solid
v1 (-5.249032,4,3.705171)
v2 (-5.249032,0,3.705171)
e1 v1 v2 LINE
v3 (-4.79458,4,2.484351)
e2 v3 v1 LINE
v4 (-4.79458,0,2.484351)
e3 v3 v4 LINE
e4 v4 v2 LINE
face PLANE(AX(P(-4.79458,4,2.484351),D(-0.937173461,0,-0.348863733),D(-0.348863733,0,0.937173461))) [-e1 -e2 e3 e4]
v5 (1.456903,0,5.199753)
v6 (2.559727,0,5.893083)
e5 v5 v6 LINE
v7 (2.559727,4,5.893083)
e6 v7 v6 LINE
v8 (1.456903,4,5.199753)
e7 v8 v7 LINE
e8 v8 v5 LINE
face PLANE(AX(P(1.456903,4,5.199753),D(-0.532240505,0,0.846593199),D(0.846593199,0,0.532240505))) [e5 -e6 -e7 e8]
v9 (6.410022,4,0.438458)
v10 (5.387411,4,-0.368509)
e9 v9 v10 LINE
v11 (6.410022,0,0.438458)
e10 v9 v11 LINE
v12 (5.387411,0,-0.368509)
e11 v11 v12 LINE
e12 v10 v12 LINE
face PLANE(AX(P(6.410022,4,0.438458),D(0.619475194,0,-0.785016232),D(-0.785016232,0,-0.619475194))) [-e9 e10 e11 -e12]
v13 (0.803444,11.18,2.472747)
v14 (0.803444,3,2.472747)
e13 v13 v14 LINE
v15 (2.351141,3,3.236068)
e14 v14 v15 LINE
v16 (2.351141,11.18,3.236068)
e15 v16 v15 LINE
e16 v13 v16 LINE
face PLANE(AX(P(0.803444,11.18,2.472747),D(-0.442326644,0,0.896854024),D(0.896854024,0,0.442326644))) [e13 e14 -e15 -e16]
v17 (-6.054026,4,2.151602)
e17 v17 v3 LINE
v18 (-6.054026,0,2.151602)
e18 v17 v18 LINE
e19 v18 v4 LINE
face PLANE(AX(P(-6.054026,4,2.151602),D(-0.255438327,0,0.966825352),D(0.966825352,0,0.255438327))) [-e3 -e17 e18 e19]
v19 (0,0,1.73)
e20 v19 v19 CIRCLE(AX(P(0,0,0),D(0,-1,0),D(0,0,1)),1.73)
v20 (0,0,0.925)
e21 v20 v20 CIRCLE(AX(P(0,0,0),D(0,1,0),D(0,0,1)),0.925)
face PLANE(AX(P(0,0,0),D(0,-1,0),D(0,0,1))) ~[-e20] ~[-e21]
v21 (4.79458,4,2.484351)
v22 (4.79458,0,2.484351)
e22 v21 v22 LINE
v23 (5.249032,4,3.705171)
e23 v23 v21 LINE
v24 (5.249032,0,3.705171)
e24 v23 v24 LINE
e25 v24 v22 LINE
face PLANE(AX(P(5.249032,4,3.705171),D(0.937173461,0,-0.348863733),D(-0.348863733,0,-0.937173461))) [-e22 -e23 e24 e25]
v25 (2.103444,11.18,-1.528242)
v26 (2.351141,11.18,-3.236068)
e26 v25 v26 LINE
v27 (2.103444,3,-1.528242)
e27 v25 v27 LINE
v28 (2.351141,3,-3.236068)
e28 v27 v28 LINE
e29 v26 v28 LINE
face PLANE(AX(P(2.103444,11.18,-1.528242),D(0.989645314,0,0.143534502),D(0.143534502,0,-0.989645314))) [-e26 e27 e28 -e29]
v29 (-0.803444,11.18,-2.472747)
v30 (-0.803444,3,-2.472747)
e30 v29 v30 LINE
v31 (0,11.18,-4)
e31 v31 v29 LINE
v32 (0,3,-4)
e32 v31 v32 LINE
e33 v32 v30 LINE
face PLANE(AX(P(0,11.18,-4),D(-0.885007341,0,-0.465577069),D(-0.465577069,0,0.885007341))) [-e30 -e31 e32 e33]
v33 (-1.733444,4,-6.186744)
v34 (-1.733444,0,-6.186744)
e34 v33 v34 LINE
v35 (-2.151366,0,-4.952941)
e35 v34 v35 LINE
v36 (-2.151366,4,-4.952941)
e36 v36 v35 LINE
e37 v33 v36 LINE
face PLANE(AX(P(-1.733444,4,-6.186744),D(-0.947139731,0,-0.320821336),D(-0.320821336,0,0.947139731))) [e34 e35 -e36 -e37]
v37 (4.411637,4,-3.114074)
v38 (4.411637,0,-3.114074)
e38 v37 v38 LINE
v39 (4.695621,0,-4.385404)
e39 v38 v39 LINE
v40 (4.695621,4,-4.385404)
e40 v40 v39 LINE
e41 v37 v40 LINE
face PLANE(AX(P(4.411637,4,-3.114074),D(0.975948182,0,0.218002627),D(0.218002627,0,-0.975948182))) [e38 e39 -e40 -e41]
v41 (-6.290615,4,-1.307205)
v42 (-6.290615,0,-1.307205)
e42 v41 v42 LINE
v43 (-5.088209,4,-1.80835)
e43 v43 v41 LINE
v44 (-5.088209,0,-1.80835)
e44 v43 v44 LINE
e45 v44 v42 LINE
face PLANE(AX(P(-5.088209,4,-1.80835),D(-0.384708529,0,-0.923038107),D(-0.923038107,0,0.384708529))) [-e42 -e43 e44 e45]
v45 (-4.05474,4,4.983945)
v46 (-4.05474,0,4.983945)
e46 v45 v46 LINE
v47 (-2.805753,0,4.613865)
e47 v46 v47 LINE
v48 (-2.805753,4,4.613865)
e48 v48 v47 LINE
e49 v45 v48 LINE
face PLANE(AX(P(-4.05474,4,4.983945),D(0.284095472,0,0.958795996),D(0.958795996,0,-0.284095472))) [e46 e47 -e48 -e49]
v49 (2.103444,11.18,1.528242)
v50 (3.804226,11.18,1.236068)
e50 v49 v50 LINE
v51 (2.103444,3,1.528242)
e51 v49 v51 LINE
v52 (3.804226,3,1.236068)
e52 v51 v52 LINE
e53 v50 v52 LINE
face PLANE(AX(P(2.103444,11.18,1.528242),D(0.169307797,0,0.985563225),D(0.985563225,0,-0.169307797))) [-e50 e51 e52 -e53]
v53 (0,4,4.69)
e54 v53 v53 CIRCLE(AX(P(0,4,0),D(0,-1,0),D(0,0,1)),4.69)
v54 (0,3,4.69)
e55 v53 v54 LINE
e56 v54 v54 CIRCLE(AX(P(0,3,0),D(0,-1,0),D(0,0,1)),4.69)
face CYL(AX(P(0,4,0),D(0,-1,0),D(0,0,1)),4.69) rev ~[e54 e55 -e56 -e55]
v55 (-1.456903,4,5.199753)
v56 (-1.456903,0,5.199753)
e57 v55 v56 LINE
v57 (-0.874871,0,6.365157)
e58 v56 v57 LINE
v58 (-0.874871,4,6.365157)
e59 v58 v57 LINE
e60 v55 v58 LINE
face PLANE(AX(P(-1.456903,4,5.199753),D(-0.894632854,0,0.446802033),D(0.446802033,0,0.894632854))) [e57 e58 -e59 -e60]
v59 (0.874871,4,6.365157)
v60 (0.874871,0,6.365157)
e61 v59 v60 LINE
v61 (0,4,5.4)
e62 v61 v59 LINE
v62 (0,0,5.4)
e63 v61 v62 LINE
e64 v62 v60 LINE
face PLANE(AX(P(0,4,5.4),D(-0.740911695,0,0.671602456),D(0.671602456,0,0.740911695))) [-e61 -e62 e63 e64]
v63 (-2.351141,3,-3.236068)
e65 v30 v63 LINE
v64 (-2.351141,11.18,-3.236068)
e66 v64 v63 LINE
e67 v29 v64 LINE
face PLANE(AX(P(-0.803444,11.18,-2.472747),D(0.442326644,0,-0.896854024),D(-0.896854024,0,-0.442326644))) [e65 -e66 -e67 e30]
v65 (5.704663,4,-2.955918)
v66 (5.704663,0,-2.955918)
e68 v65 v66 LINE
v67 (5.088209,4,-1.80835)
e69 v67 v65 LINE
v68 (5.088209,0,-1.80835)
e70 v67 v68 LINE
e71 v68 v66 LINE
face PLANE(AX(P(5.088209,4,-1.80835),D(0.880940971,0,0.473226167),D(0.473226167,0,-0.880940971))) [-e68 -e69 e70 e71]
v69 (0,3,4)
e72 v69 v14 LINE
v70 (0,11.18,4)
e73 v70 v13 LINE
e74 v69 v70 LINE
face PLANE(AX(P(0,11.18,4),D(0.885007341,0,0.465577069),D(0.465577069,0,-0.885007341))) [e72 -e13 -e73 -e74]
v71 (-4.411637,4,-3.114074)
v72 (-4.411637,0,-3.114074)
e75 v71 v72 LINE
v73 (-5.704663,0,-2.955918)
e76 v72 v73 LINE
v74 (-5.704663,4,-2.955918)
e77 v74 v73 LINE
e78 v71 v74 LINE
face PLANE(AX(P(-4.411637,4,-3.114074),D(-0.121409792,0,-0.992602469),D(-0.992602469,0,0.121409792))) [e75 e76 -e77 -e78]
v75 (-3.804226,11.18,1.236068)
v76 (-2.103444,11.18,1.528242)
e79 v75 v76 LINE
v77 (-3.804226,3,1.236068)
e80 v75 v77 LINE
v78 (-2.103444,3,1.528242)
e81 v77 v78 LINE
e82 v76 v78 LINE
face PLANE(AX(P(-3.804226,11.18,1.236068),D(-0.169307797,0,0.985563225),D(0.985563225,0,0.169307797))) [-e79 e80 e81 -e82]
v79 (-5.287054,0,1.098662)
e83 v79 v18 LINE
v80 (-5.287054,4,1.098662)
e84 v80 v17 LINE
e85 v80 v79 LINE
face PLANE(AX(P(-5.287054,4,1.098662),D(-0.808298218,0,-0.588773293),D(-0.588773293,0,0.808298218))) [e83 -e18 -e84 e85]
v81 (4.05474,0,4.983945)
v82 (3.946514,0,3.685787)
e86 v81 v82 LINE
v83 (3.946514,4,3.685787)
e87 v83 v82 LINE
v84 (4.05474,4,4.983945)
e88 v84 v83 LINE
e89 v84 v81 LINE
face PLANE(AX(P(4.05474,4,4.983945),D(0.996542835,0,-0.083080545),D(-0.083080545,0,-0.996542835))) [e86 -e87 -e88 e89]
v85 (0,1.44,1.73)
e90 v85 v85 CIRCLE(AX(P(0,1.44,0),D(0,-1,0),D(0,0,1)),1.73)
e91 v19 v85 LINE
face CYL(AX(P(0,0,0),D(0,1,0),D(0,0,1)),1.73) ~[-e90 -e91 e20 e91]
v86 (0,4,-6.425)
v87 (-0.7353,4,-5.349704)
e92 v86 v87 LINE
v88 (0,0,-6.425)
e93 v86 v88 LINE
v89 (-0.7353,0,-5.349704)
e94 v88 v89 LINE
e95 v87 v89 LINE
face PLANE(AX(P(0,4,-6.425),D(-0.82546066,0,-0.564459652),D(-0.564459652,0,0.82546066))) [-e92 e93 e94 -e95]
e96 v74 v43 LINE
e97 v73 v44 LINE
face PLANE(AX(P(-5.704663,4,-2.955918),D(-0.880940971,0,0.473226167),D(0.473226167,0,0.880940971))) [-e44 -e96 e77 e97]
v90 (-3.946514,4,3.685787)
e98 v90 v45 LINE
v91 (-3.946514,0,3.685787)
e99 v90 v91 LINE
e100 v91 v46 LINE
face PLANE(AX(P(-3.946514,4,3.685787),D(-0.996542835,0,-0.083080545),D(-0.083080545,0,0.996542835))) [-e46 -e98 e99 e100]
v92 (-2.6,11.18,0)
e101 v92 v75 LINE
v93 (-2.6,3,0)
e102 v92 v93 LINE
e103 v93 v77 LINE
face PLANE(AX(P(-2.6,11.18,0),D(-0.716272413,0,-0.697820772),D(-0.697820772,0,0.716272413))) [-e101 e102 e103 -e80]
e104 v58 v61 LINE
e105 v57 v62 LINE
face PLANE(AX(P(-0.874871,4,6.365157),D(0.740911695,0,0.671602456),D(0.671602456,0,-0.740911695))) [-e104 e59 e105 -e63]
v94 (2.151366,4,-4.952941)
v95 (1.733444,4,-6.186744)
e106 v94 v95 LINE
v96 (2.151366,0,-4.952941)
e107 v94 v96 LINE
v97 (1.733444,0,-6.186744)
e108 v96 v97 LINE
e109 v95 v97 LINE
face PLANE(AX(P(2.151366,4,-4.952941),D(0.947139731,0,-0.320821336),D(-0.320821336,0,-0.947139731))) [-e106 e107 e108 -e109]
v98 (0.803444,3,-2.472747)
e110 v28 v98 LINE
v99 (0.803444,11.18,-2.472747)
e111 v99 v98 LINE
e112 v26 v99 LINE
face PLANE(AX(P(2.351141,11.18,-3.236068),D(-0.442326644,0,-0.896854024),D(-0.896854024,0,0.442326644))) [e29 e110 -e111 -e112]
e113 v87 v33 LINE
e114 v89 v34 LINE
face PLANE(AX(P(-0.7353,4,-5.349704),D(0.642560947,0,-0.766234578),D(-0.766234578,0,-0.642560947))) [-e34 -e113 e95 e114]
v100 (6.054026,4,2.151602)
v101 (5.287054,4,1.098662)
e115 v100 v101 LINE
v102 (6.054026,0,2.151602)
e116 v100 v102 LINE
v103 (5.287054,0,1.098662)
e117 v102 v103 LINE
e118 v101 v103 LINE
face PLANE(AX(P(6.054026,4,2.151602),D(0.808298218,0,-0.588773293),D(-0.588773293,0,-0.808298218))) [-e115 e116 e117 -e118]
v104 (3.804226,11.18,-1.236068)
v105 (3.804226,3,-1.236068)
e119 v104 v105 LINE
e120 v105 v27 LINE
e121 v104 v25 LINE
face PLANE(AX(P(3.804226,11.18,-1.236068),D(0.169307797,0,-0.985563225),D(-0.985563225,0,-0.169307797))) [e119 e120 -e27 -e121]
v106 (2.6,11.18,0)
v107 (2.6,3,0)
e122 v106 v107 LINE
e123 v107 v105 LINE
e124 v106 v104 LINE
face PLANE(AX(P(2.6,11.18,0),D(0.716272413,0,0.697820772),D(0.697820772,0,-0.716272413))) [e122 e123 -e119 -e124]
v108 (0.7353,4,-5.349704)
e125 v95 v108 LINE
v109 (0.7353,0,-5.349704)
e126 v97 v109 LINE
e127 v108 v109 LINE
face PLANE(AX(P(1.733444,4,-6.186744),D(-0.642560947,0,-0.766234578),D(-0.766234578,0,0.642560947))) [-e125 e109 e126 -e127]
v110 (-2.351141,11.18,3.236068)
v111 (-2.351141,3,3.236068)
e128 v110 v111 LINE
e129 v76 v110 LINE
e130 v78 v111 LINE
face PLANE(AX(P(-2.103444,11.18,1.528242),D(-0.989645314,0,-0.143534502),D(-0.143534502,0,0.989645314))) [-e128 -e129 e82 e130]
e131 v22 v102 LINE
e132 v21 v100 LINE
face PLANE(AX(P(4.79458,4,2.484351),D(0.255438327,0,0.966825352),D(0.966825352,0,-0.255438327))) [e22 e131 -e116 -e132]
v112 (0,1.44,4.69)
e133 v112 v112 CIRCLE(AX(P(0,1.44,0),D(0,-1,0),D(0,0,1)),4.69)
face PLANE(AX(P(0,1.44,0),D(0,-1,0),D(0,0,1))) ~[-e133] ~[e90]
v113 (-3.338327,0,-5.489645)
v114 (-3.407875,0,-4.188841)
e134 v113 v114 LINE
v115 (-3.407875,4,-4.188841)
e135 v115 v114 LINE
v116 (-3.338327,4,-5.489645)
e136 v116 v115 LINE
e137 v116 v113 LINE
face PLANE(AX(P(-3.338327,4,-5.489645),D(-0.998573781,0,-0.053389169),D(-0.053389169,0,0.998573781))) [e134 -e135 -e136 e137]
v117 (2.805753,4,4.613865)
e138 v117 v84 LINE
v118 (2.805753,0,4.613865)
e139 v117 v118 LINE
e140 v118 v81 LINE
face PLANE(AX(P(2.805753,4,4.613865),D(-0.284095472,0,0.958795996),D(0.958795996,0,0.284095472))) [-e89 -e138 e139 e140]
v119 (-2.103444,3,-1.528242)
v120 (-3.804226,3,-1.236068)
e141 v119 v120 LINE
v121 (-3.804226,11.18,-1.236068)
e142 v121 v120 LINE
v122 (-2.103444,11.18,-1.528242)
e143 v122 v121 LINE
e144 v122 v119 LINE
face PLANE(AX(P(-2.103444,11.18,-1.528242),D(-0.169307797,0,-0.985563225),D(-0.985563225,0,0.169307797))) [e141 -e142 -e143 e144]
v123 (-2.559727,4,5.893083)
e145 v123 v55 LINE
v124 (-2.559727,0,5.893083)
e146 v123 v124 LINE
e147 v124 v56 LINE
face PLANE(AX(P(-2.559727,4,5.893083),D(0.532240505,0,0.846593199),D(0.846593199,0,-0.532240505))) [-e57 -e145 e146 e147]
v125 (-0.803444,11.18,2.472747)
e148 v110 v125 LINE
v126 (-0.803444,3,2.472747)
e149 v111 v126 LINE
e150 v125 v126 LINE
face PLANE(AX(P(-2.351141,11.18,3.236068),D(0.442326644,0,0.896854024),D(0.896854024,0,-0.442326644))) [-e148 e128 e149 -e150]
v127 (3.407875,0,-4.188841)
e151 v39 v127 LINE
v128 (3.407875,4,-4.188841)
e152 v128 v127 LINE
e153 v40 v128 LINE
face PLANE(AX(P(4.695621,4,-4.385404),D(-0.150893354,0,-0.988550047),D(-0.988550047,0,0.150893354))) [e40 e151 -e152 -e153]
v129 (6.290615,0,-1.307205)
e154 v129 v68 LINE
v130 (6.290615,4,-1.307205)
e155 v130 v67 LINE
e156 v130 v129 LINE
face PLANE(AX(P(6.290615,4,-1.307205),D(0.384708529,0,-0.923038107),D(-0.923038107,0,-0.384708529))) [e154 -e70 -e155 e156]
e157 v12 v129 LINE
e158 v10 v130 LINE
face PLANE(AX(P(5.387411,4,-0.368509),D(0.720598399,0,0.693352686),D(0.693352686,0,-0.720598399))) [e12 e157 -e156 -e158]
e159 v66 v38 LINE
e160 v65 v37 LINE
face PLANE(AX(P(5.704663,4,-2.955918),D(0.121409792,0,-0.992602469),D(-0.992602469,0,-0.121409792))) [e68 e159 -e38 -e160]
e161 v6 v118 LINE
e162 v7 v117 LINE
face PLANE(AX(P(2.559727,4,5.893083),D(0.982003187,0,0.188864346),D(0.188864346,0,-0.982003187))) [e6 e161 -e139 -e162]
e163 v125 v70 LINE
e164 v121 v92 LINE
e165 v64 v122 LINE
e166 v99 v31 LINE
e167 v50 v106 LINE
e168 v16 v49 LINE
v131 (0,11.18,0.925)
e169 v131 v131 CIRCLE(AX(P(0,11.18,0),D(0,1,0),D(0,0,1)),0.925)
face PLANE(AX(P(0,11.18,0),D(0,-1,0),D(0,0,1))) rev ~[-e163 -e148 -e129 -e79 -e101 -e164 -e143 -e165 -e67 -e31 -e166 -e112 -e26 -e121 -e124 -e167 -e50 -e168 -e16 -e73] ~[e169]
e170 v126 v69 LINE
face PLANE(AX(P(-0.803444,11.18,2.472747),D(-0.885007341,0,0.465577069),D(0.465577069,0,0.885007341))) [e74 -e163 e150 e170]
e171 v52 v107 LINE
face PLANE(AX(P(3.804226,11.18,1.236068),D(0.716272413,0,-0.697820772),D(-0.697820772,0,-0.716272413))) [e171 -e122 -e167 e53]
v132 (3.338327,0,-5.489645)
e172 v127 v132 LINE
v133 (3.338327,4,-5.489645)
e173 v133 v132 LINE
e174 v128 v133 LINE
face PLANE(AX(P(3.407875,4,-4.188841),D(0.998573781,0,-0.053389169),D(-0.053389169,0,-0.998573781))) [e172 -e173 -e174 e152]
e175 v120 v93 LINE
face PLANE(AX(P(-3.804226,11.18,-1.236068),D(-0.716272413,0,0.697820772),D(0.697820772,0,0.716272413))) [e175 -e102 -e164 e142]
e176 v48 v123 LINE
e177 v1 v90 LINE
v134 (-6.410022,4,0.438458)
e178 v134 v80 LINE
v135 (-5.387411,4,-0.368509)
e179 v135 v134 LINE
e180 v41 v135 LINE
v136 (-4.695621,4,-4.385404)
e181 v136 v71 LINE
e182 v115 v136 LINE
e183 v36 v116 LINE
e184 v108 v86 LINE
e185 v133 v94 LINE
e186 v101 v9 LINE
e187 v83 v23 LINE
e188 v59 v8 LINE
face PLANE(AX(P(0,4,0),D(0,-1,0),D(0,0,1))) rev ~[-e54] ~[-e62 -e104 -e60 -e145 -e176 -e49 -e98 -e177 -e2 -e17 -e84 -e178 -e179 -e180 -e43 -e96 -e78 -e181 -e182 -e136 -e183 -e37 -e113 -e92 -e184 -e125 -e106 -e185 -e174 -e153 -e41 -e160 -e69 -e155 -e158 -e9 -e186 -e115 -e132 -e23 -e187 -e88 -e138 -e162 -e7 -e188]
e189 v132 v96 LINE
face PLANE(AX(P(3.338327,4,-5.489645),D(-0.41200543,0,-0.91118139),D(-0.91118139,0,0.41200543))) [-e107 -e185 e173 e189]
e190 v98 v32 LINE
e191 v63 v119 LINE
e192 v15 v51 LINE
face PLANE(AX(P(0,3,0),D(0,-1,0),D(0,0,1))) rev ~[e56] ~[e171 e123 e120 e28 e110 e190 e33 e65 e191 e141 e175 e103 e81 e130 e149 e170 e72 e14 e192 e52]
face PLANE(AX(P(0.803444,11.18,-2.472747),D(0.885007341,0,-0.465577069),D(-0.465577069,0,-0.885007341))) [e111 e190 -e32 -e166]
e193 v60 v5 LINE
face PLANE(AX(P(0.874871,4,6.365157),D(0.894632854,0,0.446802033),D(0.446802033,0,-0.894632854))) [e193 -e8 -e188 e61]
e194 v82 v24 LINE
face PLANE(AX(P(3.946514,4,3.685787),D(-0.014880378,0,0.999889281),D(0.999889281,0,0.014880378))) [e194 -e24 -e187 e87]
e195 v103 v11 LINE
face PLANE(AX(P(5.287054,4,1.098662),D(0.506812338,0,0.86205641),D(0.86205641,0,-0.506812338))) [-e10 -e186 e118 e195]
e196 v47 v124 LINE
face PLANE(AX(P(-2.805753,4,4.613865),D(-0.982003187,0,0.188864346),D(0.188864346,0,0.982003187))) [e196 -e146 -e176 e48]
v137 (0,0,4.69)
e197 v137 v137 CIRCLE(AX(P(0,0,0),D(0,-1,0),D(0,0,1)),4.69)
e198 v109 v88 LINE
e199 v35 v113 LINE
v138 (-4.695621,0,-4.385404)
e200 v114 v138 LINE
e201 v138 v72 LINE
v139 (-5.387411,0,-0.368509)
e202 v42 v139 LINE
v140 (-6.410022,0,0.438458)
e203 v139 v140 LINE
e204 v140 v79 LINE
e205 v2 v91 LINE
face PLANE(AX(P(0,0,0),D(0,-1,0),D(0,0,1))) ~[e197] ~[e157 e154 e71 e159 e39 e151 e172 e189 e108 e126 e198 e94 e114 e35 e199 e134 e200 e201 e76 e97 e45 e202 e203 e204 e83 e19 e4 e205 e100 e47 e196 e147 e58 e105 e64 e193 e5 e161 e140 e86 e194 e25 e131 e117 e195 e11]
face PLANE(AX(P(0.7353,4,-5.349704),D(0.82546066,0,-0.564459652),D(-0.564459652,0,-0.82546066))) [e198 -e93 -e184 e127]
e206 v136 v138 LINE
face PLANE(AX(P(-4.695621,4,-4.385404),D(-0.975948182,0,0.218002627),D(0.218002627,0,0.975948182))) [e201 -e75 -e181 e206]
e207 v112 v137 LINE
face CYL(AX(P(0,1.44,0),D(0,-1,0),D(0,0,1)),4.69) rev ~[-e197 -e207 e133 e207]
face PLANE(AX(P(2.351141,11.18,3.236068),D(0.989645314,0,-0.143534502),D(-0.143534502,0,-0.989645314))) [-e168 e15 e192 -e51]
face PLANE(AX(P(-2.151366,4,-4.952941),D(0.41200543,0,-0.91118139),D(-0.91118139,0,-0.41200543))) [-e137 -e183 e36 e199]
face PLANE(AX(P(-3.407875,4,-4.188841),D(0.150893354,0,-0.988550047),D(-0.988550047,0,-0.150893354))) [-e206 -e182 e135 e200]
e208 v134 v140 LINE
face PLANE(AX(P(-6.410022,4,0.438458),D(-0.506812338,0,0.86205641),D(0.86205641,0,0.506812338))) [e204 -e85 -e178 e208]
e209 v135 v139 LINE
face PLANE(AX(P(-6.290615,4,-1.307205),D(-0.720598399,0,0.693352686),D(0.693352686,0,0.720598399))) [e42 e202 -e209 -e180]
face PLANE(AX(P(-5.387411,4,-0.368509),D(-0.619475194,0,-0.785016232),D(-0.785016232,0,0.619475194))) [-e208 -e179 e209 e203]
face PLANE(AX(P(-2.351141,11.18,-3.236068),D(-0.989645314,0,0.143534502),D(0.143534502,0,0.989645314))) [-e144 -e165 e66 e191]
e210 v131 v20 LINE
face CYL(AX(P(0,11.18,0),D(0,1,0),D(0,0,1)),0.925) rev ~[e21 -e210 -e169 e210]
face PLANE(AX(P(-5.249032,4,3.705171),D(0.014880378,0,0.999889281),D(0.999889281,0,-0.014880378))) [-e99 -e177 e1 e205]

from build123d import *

# Parameters (mm, degrees)
SKETCH2_R          = 6.925
CUT_EXTRUDE1_DEPTH = 12.580744795
SKETCH3_R          = 4.5
CUT_EXTRUDE2_DEPTH = 8.18
SKETCH4_R          = 0.925
CUT_EXTRUDE3_DEPTH = 15.400048785


with BuildPart() as part:
    # Sketch1 → Revolve1 (revolve)
    with BuildSketch(Plane.XY, mode=Mode.PRIVATE) as revolve1_sk:
        Polygon((0, 11.18), (0, 0), (1.73, 0), (1.73, 1.44), (4.69, 1.44), (4.69, 0), (6.425, 0), (6.425, 4), (4.69, 4), (4.69, 3), (4, 3), (4, 11.18), align=None)
    revolve(revolve1_sk.sketch.rotate(Axis((0, 11.18, 0), (0, -1, 0)), 90), axis=Axis((0, 11.18, 0), (0, -1, 0)))

    # Sketch2 → Cut-Extrude1 (cut, through all)
    with BuildSketch(Plane(origin=(0, 4, 0), x_dir=(1, 0, 0), z_dir=(0, 1, 0))):
        Circle(SKETCH2_R)
        Polygon((0, 6.425), (-0.735299905, 5.349704109), (-1.733444255, 6.186743571), (-2.151365885, 4.952941028), (-3.338326879, 5.489644674), (-3.407874899, 4.18884097), (-4.69562107, 4.385403945), (-4.411637422, 3.114073739), (-5.704662528, 2.955917867), (-5.088208979, 1.808349906), (-6.290615263, 1.307204884), (-5.387411354, 0.368509032), (-6.410021842, -0.438457506), (-5.287054073, -1.09866247), (-6.054026425, -2.151601508), (-4.794580179, -2.484351204), (-5.249031563, -3.70517107), (-3.946514207, -3.685786973), (-4.054740042, -4.983945043), (-2.80575333, -4.613864785), (-2.559727002, -5.893082612), (-1.456902564, -5.199753352), (-0.87487072, -6.365157203), (0, -5.4), (0.87487072, -6.365157203), (1.456902564, -5.199753352), (2.559727002, -5.893082612), (2.80575333, -4.613864785), (4.054740042, -4.983945043), (3.946514207, -3.685786973), (5.249031563, -3.70517107), (4.794580179, -2.484351204), (6.054026425, -2.151601508), (5.287054073, -1.09866247), (6.410021842, -0.438457506), (5.387411354, 0.368509032), (6.290615263, 1.307204884), (5.088208979, 1.808349906), (5.704662528, 2.955917867), (4.411637422, 3.114073739), (4.69562107, 4.385403945), (3.407874899, 4.18884097), (3.338326879, 5.489644674), (2.151365885, 4.952941028), (1.733444255, 6.186743571), (0.735299905, 5.349704109), align=None, mode=Mode.SUBTRACT)
    extrude(amount=-CUT_EXTRUDE1_DEPTH, mode=Mode.SUBTRACT)

    # Sketch3 → Cut-Extrude2 (cut)
    with BuildSketch(Plane(origin=(0, 11.18, 0), x_dir=(1, 0, 0), z_dir=(0, 1, 0))):
        Circle(SKETCH3_R)
        Polygon((0, 4), (-0.803444185, 2.472746942), (-2.351141009, 3.236067977), (-2.103444185, 1.528241656), (-3.804226065, 1.236067977), (-2.6, 0), (-3.804226065, -1.236067977), (-2.103444185, -1.528241656), (-2.351141009, -3.236067977), (-0.803444185, -2.472746942), (0, -4), (0.803444185, -2.472746942), (2.351141009, -3.236067977), (2.103444185, -1.528241656), (3.804226065, -1.236067977), (2.6, 0), (3.804226065, 1.236067977), (2.103444185, 1.528241656), (2.351141009, 3.236067977), (0.803444185, 2.472746942), align=None, mode=Mode.SUBTRACT)
    extrude(amount=-CUT_EXTRUDE2_DEPTH, mode=Mode.SUBTRACT)

    # Sketch4 → Cut-Extrude3 (cut, through all)
    with BuildSketch(Plane(origin=(0, 11.18, 0), x_dir=(1, 0, 0), z_dir=(0, 1, 0))):
        with Locations(Location((0, 0, 0), (0, 0, 270))):
            Circle(SKETCH4_R)
    extrude(amount=-CUT_EXTRUDE3_DEPTH, mode=Mode.SUBTRACT)


solid = part.part
